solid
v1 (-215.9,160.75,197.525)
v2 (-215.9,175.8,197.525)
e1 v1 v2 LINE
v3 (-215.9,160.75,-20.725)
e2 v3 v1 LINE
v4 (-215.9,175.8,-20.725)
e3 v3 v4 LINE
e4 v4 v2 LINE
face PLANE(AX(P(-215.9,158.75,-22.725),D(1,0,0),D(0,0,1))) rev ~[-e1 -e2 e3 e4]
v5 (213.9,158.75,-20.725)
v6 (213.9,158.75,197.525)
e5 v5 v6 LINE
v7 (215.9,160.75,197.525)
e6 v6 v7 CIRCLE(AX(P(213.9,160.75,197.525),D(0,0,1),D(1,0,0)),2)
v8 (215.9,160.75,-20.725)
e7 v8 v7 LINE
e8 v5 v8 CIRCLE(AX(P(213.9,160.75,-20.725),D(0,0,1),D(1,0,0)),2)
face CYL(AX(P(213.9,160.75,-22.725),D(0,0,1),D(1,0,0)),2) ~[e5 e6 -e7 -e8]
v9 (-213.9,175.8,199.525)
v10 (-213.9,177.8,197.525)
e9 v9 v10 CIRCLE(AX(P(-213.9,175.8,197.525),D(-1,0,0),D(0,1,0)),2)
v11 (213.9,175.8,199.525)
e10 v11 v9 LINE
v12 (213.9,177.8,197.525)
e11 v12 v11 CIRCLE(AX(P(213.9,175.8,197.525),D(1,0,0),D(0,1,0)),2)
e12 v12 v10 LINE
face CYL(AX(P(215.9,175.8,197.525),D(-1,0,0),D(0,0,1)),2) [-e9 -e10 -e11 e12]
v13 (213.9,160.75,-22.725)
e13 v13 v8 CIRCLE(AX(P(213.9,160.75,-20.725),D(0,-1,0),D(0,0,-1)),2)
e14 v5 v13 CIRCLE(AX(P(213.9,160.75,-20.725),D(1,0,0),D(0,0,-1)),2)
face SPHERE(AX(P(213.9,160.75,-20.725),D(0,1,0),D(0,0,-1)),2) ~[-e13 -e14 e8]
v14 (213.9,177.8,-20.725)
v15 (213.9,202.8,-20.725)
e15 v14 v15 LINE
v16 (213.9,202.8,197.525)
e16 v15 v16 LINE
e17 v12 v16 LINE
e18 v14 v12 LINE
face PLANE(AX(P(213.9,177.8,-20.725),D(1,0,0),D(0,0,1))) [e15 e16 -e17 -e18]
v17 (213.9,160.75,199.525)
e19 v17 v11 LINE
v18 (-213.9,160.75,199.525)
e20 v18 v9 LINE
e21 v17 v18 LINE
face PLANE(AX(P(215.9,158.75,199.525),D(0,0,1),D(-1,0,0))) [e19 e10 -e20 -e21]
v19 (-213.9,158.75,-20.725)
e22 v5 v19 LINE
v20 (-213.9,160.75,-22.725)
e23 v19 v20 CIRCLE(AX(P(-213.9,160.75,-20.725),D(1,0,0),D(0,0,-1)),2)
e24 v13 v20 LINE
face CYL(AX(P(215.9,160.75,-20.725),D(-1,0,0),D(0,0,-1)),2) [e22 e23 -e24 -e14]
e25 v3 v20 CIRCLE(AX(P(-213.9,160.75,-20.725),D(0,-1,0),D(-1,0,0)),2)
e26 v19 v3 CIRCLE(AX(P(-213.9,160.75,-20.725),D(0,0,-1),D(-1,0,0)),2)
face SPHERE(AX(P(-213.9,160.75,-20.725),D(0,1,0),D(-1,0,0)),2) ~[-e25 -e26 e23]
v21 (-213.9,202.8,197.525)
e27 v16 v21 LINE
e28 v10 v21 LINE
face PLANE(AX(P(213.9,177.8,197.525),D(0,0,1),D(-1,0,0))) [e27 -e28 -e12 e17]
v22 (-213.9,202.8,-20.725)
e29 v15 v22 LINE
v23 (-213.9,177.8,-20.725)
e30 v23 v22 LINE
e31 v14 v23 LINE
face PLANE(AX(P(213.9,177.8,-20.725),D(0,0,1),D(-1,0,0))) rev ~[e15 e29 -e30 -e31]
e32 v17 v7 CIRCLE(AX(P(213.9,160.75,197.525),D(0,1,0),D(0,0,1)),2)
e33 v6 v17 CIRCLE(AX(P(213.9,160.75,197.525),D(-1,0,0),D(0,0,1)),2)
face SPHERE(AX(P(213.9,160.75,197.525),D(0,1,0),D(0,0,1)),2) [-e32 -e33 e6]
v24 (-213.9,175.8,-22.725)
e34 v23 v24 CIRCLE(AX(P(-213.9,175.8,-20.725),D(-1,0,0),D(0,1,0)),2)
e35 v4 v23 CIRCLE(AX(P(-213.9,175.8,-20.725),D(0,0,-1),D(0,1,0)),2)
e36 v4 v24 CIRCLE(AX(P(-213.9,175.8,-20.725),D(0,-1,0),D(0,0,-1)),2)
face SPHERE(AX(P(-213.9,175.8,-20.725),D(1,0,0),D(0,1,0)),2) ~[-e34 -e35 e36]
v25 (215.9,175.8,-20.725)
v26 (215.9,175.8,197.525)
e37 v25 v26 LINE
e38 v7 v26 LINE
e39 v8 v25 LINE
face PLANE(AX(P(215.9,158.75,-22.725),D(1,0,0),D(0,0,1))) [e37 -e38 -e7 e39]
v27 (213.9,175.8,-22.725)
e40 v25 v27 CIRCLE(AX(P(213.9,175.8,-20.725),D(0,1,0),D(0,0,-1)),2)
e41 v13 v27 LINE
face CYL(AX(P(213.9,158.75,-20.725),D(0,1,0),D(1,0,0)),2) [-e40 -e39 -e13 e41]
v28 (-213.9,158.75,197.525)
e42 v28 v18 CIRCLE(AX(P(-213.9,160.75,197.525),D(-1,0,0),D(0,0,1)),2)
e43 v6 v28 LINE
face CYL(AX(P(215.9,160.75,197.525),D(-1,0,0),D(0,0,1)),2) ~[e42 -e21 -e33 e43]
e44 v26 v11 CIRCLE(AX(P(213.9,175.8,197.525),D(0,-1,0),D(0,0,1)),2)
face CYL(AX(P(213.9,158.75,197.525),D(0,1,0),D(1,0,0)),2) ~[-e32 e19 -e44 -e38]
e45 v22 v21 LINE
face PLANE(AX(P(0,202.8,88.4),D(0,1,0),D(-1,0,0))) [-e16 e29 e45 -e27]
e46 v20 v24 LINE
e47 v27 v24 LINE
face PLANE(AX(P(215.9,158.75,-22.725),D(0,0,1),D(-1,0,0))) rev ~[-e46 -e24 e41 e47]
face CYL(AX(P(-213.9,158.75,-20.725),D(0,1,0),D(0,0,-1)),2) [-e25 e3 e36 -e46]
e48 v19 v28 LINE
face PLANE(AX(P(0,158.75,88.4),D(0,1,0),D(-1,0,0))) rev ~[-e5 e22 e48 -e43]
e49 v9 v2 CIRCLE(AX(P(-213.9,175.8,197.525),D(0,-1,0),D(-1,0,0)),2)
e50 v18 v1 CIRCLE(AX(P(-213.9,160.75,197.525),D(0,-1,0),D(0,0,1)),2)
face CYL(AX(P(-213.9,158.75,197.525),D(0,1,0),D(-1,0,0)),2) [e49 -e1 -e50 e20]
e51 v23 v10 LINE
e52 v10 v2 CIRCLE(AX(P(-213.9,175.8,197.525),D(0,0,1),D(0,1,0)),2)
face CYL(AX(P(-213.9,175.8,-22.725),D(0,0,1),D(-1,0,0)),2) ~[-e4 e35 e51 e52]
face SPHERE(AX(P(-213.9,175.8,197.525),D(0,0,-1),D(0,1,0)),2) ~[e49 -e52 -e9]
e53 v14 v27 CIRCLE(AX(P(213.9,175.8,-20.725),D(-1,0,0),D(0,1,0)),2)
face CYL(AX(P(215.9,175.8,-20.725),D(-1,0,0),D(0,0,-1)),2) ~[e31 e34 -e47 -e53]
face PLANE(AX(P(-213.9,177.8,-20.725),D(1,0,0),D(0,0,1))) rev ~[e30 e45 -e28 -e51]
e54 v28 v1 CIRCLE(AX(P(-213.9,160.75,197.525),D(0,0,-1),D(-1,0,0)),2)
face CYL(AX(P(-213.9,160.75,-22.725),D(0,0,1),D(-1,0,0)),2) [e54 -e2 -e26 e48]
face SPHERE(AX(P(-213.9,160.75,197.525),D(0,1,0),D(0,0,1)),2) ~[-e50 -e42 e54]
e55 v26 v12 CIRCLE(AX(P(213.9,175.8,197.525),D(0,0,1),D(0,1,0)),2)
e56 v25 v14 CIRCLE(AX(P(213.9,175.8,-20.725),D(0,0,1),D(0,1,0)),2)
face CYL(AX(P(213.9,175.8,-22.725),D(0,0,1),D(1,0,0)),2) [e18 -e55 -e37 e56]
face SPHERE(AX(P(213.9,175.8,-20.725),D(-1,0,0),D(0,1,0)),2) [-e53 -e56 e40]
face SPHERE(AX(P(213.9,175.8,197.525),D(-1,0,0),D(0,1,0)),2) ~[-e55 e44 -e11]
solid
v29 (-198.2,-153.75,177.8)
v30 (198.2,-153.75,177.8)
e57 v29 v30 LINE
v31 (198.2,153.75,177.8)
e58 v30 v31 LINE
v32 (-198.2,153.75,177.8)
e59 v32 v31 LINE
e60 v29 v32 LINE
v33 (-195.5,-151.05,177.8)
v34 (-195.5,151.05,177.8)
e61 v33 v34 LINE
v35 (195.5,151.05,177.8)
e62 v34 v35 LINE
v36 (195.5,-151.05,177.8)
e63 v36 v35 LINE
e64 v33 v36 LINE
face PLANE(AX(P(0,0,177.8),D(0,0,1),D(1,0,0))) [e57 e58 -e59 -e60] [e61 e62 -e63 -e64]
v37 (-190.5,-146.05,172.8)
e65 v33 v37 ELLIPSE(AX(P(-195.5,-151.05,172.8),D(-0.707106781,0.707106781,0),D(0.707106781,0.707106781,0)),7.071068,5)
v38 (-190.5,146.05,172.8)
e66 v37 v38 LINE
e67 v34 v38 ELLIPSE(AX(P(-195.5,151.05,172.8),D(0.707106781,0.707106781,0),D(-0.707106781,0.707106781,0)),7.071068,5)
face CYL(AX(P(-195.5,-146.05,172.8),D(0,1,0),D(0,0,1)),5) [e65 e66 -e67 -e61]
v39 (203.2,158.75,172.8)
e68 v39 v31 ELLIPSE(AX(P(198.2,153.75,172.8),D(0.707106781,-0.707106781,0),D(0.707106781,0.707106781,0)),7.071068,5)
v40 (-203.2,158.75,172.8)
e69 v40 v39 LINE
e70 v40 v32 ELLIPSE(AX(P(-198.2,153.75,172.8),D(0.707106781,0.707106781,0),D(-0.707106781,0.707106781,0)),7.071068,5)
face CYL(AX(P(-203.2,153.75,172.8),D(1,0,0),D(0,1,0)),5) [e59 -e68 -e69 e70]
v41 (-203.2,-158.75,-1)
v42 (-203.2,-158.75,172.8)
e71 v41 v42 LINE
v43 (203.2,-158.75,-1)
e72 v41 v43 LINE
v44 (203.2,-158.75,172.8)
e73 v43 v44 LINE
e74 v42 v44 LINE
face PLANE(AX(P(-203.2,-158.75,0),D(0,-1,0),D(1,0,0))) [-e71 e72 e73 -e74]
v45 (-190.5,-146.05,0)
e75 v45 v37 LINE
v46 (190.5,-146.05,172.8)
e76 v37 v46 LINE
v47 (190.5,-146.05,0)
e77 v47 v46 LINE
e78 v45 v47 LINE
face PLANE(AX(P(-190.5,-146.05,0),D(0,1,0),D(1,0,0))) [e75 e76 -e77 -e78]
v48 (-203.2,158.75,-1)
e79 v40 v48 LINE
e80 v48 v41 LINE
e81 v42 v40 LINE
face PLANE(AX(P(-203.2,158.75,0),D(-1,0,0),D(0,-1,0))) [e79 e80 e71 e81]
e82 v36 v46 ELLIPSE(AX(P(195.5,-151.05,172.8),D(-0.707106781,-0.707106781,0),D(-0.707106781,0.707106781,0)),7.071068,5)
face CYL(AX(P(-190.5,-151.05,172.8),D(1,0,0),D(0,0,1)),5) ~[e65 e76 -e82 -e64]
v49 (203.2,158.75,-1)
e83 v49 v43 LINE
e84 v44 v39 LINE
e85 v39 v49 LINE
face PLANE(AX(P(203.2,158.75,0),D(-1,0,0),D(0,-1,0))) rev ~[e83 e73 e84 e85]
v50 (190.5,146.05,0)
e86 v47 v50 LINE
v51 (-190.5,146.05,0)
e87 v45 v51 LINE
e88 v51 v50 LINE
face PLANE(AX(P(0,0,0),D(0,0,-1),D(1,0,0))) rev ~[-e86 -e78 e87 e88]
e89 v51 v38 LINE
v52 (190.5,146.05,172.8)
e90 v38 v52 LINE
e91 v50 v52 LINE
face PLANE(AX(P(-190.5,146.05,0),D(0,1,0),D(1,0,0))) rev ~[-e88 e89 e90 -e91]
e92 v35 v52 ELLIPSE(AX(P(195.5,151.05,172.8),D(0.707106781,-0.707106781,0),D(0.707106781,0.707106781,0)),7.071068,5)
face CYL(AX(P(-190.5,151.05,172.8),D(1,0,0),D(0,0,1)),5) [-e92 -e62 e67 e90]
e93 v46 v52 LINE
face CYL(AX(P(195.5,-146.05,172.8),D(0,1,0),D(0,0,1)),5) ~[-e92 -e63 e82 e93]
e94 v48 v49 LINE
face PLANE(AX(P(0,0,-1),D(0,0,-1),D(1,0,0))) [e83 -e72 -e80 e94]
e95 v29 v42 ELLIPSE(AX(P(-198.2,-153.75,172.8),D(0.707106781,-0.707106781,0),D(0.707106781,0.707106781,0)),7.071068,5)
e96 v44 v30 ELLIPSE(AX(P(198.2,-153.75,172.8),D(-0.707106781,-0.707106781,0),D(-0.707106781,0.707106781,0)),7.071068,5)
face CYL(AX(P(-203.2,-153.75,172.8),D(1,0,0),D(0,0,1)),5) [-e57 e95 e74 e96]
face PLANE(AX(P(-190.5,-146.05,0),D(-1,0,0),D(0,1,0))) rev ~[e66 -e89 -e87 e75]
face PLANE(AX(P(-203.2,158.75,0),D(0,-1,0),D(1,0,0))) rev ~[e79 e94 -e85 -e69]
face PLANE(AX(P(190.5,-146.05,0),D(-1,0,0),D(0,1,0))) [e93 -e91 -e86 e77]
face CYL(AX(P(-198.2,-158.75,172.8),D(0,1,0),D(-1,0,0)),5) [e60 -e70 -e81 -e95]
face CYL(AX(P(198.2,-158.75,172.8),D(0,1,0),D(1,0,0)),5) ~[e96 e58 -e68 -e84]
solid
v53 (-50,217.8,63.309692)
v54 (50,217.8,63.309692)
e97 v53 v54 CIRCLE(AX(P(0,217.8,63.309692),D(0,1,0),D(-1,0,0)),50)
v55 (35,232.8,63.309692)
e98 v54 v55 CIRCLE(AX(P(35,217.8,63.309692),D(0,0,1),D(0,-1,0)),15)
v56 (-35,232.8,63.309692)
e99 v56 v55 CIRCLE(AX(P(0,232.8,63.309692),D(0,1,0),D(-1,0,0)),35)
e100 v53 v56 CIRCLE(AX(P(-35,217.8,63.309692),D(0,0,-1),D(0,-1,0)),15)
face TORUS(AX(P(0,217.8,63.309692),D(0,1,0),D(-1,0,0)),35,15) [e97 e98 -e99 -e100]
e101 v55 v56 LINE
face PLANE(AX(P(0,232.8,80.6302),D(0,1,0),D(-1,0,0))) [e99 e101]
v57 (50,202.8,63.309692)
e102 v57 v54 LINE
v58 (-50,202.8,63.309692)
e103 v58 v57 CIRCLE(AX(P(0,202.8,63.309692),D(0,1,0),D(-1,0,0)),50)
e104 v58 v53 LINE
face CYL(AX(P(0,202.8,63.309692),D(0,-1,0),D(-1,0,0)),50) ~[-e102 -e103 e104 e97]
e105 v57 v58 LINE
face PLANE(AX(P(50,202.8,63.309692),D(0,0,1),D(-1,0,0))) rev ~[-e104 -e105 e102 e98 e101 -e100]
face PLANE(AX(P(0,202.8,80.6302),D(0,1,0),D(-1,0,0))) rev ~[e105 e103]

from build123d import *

# Parameters (mm, degrees)
F0_W      = 406.4
F0_H      = 317.5
F0_W_2    = 381
F0_H_2    = 292.1
F1_DEPTH  = 177.8
F2_W      = 406.4
F2_H      = 317.5
F3_DEPTH  = 1
F4_W      = 431.8
F4_H      = 222.25
F5_DEPTH  = 19.05
F6_R      = 5
F7_R      = 2
F5_FACE_W = 427.8
F5_FACE_H = 218.25
F8_DEPTH  = 25
F10_DEPTH = 30
F11_R     = 15


with BuildPart() as f1:
    # F0 (on Top) → F1 (new body)
    with BuildSketch(Plane.XY):
        Rectangle(F0_W, F0_H)
        Rectangle(F0_W_2, F0_H_2, mode=Mode.SUBTRACT)
    extrude(amount=F1_DEPTH)

    # F2 (on face) → F3 (join)
    with BuildSketch(Plane(origin=(0, 0, 0), x_dir=(1, 0, 0), z_dir=(0, 0, -1))):
        Rectangle(F2_W, F2_H)
    extrude(amount=F3_DEPTH)

    # F6
    f6_edges = [f1.edges().sort_by_distance(p)[0] for p in [
        (203.2, 0, 177.8),
        (190.5, 0, 177.8),
        (0, -146.05, 177.8),
        (0, -158.75, 177.8),
        (-190.5, 0, 177.8),
        (-203.2, 0, 177.8),
        (0, 158.75, 177.8),
        (0, 146.05, 177.8),
    ]]
    fillet(f6_edges, radius=F6_R)


with BuildPart() as f5:
    # F4 (on face) → F5 (new body)
    with BuildSketch(Plane(origin=(0, 158.75, 0), x_dir=(-1, 0, 0), z_dir=(0, 1, 0))):
        with Locations((0, 88.4)):
            Rectangle(F4_W, F4_H)
    extrude(amount=F5_DEPTH)

    # F7
    f7_edges = [f5.edges().sort_by_distance(p)[0] for p in [
        (0, 177.8, -22.725),
        (-215.9, 177.8, 88.4),
        (0, 177.8, 199.525),
        (215.9, 177.8, 88.4),
        (-215.9, 168.275, 199.525),
        (215.9, 168.275, 199.525),
        (0, 158.75, 199.525),
        (-215.9, 168.275, -22.725),
        (-215.9, 158.75, 88.4),
        (215.9, 168.275, -22.725),
        (0, 158.75, -22.725),
        (215.9, 158.75, 88.4),
    ]]
    fillet(f7_edges, radius=F7_R)

    # F5_face (on face) → F8 (join)
    with BuildSketch(Plane(origin=(0, 177.8, 88.4), x_dir=(-1, 0, 0), z_dir=(0, 1, 0))):
        Rectangle(F5_FACE_W, F5_FACE_H)
    extrude(amount=F8_DEPTH)


with BuildPart() as f10:
    # F9 (on face) → F10 (new body)
    with BuildSketch(Plane(origin=(0, 202.8, 0), x_dir=(-1, 0, 0), z_dir=(0, 1, 0))):
        with BuildLine():
            Line((-50, 63.309692), (50, 63.309692))
            ThreePointArc((50, 63.309692), (0, 113.309692), (-50, 63.309692))
        make_face()
    extrude(amount=F10_DEPTH)

    # F11
    f11_edges = [f10.edges().sort_by_distance(p)[0] for p in [
        (0, 232.8, 113.309692),
    ]]
    fillet(f11_edges, radius=F11_R)


solid = Compound([f1.part, f5.part, f10.part])
